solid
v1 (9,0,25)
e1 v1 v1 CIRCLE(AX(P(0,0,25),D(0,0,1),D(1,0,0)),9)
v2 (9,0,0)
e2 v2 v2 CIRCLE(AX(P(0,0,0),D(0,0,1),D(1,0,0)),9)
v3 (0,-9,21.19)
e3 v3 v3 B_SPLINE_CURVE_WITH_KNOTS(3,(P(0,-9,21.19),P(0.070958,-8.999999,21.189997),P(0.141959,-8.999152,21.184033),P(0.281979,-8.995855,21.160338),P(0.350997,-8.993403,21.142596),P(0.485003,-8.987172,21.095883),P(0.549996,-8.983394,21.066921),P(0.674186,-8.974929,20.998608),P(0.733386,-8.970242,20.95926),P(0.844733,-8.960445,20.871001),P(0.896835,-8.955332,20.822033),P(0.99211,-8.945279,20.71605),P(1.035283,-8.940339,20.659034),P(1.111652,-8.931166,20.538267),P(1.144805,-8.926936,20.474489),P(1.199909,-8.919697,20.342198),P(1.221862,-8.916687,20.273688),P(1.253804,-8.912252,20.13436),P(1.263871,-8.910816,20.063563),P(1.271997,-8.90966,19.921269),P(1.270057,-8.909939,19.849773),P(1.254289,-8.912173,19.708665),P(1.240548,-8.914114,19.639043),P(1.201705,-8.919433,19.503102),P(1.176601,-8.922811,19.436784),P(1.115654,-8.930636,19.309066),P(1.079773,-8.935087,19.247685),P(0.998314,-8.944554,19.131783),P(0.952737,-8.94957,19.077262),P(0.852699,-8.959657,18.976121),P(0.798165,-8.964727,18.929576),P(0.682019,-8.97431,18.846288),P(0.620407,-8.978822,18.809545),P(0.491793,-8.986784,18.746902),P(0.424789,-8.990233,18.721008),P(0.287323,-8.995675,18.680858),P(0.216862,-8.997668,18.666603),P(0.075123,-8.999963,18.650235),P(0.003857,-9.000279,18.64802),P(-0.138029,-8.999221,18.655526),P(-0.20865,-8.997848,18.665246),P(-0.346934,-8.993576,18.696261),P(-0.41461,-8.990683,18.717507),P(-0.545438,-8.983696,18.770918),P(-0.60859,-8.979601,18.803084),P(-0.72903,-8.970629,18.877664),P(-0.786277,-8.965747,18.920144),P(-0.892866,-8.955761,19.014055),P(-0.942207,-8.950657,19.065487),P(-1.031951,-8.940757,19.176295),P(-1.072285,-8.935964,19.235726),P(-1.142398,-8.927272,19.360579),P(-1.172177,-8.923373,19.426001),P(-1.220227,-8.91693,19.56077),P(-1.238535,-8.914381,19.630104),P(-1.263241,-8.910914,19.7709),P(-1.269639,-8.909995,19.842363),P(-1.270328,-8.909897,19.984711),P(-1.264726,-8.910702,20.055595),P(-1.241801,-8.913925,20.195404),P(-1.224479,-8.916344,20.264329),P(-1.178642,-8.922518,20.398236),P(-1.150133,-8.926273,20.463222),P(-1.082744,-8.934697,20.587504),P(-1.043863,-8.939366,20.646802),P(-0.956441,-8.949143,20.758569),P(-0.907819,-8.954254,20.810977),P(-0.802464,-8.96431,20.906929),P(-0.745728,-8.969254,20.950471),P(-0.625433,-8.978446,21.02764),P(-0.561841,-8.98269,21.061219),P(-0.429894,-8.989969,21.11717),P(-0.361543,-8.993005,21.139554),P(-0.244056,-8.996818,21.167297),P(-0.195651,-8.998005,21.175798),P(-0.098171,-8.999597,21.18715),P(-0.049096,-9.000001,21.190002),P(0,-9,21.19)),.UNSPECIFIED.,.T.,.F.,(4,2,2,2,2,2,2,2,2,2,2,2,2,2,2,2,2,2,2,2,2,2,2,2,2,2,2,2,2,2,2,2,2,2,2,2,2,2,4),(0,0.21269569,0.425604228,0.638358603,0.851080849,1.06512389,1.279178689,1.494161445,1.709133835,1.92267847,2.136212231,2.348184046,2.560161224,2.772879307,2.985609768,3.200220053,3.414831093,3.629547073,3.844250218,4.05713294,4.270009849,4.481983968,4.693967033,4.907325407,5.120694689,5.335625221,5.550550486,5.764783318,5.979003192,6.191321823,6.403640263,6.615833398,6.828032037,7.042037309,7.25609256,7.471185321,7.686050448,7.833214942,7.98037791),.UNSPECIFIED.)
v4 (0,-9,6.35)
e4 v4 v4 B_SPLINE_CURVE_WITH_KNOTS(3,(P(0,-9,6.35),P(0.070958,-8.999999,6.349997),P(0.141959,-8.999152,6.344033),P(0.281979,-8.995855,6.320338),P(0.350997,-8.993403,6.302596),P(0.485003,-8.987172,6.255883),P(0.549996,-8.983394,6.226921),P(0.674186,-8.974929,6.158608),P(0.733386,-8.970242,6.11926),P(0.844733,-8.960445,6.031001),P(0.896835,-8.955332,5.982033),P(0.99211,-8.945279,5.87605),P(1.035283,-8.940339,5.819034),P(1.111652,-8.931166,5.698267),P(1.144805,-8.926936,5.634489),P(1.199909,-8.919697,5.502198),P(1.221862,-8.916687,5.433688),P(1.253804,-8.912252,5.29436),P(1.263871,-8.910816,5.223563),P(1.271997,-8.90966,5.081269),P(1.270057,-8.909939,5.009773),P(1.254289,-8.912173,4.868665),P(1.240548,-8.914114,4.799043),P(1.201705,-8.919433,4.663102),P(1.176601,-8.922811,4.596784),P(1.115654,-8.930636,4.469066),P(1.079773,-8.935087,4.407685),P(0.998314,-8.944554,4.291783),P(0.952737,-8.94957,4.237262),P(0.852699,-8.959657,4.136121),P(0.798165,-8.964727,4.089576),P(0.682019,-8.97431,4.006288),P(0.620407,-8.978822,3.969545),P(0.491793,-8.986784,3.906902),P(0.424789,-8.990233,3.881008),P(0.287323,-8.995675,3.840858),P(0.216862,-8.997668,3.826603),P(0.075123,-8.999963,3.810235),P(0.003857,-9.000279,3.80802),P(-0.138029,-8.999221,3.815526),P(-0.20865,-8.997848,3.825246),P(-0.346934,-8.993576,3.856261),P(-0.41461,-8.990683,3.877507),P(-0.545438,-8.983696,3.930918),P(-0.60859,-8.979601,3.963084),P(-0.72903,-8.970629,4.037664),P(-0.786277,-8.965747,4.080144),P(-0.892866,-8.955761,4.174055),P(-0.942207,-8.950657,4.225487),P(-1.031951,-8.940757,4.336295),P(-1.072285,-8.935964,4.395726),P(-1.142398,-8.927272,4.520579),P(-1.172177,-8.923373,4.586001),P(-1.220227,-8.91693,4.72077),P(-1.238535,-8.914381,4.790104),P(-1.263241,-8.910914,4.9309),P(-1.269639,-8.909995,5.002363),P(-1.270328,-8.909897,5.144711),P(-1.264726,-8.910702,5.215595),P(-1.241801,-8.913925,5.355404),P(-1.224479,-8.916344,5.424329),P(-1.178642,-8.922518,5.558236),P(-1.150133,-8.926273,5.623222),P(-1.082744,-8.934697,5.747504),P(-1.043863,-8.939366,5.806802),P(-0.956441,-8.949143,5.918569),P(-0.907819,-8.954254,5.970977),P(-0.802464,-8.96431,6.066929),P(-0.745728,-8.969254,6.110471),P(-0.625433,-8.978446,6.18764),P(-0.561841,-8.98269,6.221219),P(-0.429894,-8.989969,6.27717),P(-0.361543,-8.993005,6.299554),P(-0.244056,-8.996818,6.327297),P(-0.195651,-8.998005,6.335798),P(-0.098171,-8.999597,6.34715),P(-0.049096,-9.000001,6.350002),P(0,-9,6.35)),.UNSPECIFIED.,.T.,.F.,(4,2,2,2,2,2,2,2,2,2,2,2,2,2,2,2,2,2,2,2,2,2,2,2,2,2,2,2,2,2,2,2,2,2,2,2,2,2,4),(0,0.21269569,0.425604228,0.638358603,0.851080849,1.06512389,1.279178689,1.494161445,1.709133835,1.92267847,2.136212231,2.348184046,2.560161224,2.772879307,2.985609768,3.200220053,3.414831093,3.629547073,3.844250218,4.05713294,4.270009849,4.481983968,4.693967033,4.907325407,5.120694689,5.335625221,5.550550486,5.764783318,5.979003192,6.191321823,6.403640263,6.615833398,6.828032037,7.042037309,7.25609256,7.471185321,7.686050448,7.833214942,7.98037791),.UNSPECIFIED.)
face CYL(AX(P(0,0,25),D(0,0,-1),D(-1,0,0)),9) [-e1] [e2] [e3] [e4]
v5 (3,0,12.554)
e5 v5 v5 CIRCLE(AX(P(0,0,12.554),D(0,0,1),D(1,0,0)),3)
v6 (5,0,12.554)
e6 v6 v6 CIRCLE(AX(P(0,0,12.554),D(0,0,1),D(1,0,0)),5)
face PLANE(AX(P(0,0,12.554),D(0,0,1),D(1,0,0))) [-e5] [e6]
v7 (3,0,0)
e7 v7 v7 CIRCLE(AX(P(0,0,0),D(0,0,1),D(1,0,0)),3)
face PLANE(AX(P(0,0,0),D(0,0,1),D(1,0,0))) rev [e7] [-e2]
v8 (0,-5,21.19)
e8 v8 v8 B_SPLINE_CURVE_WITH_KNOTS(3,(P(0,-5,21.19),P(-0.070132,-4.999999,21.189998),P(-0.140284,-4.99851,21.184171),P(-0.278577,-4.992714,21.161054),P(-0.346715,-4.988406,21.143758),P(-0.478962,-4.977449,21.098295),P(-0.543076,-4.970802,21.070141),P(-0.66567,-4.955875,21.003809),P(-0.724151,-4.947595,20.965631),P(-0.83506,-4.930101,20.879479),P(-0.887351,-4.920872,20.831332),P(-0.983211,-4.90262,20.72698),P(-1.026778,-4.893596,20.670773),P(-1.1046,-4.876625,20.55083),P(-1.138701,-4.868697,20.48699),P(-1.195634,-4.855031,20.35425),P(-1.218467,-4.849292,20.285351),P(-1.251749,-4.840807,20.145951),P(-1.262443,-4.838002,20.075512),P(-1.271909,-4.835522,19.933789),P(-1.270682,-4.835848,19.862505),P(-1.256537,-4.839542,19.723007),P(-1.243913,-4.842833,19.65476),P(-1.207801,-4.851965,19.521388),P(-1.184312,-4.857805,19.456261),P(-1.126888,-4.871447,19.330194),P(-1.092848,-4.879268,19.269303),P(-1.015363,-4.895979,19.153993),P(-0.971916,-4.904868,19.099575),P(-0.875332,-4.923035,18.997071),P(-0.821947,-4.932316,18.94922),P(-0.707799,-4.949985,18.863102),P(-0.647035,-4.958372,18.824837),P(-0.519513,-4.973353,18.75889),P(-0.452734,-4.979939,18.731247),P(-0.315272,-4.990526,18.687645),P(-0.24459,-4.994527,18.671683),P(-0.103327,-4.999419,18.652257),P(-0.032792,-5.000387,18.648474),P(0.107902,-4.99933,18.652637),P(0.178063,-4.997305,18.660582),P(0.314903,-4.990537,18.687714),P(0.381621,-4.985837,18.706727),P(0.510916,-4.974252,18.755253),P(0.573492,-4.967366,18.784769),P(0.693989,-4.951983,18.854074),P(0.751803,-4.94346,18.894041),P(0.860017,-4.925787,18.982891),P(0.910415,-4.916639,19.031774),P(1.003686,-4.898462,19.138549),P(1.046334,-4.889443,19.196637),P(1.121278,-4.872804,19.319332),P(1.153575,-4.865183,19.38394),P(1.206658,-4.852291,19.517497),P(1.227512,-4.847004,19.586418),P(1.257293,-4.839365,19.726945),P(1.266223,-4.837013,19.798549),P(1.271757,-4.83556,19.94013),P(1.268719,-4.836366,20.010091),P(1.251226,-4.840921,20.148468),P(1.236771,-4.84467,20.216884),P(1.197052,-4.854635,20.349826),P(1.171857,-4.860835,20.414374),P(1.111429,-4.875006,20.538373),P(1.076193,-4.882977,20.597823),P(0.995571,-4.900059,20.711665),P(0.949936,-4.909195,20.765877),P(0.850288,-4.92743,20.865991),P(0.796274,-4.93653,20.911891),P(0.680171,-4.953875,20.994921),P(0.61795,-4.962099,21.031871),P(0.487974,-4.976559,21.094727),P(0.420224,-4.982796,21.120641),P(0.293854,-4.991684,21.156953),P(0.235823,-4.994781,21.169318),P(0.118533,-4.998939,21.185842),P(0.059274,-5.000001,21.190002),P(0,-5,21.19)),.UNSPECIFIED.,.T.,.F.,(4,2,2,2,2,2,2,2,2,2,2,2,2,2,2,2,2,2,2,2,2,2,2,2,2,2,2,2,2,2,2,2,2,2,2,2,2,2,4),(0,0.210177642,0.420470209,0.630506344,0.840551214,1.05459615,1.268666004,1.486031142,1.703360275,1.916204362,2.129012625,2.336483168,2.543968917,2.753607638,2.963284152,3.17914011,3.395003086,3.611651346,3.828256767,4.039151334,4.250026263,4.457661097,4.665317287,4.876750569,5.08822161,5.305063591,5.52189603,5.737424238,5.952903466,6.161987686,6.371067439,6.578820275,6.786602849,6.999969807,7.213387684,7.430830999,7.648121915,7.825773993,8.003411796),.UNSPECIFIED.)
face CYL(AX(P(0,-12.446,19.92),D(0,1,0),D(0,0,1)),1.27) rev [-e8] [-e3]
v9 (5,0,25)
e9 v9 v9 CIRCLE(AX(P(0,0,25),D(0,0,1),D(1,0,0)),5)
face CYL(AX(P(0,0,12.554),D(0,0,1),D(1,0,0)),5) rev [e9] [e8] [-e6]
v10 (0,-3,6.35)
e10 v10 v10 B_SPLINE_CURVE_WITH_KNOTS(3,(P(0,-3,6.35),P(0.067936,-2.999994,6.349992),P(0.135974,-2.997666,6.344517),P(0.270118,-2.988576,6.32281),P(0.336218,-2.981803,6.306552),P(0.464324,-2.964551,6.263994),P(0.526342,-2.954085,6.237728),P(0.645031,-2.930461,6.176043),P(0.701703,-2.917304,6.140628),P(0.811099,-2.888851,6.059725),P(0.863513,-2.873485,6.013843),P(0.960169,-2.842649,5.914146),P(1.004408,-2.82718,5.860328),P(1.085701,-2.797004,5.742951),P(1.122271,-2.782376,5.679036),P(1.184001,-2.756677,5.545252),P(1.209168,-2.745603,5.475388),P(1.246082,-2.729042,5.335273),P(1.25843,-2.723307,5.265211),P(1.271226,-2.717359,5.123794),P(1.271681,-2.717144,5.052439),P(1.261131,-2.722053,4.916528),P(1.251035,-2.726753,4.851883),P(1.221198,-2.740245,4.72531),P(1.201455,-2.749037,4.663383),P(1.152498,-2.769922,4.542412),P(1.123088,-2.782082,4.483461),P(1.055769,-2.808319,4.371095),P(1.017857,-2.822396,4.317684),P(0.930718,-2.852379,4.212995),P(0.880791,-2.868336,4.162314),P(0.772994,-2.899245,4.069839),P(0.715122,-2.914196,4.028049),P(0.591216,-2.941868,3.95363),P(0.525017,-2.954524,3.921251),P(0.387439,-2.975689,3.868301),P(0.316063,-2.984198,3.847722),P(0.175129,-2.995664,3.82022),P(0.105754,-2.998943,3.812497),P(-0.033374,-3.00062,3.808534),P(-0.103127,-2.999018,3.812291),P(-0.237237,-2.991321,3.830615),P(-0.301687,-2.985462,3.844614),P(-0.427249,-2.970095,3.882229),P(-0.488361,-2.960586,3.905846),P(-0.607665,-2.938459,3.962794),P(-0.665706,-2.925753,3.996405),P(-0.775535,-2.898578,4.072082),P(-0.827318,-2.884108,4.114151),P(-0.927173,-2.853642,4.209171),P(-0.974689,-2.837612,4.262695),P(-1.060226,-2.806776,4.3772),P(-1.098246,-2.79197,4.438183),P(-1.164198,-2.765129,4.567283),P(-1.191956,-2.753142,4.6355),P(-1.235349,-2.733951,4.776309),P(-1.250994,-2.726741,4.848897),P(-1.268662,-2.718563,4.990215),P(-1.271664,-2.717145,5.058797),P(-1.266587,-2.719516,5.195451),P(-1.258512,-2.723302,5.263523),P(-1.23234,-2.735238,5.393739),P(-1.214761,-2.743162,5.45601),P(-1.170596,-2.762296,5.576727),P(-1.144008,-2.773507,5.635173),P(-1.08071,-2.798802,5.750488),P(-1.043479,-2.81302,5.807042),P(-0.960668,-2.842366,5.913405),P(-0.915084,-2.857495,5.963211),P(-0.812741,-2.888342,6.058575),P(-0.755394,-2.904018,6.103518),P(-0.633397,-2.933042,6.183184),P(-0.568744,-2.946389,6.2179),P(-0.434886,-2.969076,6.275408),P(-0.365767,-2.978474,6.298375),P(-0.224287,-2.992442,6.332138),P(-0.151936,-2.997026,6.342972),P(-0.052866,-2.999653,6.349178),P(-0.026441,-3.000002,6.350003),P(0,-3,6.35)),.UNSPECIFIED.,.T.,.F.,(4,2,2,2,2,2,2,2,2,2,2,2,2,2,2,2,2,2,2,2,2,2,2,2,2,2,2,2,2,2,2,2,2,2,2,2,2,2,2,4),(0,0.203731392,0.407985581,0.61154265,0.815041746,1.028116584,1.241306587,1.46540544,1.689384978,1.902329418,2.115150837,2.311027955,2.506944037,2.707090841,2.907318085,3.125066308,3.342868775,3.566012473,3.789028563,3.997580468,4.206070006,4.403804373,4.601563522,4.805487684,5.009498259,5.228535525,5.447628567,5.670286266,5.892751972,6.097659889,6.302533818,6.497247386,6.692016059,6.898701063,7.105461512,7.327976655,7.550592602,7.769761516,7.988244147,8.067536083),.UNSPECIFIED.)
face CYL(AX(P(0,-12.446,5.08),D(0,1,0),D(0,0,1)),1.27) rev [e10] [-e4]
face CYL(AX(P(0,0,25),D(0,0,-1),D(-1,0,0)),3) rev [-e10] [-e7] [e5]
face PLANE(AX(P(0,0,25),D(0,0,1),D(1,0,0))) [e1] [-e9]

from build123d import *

# Parameters (mm, degrees)
SKETCH1_R           = 9
SKETCH1_R_2         = 3
BOSS_EXTRUDE1_DEPTH = 25
SKETCH2_R           = 5
CUT_EXTRUDE1_DEPTH  = 12.446
SKETCH3_R           = 1.27
CUT_EXTRUDE2_DEPTH  = 12.446


with BuildPart() as part:
    # Sketch1 → Boss-Extrude1 (new body)
    with BuildSketch(Plane.XY):
        Circle(SKETCH1_R)
        Circle(SKETCH1_R_2, mode=Mode.SUBTRACT)
    extrude(amount=BOSS_EXTRUDE1_DEPTH)

    # Sketch2 → Cut-Extrude1 (cut)
    with BuildSketch(Plane.XY.offset(25)):
        Circle(SKETCH2_R)
    extrude(amount=-CUT_EXTRUDE1_DEPTH, mode=Mode.SUBTRACT)

    # Sketch3 → Cut-Extrude2 (cut)
    with BuildSketch(Plane(origin=(0, 0, 0), x_dir=(1, 0, 0), z_dir=(0, 1, 0))):
        with Locations((0, -5.08)):
            Circle(SKETCH3_R)
        with Locations((0, -19.92)):
            Circle(SKETCH3_R)
    extrude(amount=-CUT_EXTRUDE2_DEPTH, mode=Mode.SUBTRACT)


solid = part.part
